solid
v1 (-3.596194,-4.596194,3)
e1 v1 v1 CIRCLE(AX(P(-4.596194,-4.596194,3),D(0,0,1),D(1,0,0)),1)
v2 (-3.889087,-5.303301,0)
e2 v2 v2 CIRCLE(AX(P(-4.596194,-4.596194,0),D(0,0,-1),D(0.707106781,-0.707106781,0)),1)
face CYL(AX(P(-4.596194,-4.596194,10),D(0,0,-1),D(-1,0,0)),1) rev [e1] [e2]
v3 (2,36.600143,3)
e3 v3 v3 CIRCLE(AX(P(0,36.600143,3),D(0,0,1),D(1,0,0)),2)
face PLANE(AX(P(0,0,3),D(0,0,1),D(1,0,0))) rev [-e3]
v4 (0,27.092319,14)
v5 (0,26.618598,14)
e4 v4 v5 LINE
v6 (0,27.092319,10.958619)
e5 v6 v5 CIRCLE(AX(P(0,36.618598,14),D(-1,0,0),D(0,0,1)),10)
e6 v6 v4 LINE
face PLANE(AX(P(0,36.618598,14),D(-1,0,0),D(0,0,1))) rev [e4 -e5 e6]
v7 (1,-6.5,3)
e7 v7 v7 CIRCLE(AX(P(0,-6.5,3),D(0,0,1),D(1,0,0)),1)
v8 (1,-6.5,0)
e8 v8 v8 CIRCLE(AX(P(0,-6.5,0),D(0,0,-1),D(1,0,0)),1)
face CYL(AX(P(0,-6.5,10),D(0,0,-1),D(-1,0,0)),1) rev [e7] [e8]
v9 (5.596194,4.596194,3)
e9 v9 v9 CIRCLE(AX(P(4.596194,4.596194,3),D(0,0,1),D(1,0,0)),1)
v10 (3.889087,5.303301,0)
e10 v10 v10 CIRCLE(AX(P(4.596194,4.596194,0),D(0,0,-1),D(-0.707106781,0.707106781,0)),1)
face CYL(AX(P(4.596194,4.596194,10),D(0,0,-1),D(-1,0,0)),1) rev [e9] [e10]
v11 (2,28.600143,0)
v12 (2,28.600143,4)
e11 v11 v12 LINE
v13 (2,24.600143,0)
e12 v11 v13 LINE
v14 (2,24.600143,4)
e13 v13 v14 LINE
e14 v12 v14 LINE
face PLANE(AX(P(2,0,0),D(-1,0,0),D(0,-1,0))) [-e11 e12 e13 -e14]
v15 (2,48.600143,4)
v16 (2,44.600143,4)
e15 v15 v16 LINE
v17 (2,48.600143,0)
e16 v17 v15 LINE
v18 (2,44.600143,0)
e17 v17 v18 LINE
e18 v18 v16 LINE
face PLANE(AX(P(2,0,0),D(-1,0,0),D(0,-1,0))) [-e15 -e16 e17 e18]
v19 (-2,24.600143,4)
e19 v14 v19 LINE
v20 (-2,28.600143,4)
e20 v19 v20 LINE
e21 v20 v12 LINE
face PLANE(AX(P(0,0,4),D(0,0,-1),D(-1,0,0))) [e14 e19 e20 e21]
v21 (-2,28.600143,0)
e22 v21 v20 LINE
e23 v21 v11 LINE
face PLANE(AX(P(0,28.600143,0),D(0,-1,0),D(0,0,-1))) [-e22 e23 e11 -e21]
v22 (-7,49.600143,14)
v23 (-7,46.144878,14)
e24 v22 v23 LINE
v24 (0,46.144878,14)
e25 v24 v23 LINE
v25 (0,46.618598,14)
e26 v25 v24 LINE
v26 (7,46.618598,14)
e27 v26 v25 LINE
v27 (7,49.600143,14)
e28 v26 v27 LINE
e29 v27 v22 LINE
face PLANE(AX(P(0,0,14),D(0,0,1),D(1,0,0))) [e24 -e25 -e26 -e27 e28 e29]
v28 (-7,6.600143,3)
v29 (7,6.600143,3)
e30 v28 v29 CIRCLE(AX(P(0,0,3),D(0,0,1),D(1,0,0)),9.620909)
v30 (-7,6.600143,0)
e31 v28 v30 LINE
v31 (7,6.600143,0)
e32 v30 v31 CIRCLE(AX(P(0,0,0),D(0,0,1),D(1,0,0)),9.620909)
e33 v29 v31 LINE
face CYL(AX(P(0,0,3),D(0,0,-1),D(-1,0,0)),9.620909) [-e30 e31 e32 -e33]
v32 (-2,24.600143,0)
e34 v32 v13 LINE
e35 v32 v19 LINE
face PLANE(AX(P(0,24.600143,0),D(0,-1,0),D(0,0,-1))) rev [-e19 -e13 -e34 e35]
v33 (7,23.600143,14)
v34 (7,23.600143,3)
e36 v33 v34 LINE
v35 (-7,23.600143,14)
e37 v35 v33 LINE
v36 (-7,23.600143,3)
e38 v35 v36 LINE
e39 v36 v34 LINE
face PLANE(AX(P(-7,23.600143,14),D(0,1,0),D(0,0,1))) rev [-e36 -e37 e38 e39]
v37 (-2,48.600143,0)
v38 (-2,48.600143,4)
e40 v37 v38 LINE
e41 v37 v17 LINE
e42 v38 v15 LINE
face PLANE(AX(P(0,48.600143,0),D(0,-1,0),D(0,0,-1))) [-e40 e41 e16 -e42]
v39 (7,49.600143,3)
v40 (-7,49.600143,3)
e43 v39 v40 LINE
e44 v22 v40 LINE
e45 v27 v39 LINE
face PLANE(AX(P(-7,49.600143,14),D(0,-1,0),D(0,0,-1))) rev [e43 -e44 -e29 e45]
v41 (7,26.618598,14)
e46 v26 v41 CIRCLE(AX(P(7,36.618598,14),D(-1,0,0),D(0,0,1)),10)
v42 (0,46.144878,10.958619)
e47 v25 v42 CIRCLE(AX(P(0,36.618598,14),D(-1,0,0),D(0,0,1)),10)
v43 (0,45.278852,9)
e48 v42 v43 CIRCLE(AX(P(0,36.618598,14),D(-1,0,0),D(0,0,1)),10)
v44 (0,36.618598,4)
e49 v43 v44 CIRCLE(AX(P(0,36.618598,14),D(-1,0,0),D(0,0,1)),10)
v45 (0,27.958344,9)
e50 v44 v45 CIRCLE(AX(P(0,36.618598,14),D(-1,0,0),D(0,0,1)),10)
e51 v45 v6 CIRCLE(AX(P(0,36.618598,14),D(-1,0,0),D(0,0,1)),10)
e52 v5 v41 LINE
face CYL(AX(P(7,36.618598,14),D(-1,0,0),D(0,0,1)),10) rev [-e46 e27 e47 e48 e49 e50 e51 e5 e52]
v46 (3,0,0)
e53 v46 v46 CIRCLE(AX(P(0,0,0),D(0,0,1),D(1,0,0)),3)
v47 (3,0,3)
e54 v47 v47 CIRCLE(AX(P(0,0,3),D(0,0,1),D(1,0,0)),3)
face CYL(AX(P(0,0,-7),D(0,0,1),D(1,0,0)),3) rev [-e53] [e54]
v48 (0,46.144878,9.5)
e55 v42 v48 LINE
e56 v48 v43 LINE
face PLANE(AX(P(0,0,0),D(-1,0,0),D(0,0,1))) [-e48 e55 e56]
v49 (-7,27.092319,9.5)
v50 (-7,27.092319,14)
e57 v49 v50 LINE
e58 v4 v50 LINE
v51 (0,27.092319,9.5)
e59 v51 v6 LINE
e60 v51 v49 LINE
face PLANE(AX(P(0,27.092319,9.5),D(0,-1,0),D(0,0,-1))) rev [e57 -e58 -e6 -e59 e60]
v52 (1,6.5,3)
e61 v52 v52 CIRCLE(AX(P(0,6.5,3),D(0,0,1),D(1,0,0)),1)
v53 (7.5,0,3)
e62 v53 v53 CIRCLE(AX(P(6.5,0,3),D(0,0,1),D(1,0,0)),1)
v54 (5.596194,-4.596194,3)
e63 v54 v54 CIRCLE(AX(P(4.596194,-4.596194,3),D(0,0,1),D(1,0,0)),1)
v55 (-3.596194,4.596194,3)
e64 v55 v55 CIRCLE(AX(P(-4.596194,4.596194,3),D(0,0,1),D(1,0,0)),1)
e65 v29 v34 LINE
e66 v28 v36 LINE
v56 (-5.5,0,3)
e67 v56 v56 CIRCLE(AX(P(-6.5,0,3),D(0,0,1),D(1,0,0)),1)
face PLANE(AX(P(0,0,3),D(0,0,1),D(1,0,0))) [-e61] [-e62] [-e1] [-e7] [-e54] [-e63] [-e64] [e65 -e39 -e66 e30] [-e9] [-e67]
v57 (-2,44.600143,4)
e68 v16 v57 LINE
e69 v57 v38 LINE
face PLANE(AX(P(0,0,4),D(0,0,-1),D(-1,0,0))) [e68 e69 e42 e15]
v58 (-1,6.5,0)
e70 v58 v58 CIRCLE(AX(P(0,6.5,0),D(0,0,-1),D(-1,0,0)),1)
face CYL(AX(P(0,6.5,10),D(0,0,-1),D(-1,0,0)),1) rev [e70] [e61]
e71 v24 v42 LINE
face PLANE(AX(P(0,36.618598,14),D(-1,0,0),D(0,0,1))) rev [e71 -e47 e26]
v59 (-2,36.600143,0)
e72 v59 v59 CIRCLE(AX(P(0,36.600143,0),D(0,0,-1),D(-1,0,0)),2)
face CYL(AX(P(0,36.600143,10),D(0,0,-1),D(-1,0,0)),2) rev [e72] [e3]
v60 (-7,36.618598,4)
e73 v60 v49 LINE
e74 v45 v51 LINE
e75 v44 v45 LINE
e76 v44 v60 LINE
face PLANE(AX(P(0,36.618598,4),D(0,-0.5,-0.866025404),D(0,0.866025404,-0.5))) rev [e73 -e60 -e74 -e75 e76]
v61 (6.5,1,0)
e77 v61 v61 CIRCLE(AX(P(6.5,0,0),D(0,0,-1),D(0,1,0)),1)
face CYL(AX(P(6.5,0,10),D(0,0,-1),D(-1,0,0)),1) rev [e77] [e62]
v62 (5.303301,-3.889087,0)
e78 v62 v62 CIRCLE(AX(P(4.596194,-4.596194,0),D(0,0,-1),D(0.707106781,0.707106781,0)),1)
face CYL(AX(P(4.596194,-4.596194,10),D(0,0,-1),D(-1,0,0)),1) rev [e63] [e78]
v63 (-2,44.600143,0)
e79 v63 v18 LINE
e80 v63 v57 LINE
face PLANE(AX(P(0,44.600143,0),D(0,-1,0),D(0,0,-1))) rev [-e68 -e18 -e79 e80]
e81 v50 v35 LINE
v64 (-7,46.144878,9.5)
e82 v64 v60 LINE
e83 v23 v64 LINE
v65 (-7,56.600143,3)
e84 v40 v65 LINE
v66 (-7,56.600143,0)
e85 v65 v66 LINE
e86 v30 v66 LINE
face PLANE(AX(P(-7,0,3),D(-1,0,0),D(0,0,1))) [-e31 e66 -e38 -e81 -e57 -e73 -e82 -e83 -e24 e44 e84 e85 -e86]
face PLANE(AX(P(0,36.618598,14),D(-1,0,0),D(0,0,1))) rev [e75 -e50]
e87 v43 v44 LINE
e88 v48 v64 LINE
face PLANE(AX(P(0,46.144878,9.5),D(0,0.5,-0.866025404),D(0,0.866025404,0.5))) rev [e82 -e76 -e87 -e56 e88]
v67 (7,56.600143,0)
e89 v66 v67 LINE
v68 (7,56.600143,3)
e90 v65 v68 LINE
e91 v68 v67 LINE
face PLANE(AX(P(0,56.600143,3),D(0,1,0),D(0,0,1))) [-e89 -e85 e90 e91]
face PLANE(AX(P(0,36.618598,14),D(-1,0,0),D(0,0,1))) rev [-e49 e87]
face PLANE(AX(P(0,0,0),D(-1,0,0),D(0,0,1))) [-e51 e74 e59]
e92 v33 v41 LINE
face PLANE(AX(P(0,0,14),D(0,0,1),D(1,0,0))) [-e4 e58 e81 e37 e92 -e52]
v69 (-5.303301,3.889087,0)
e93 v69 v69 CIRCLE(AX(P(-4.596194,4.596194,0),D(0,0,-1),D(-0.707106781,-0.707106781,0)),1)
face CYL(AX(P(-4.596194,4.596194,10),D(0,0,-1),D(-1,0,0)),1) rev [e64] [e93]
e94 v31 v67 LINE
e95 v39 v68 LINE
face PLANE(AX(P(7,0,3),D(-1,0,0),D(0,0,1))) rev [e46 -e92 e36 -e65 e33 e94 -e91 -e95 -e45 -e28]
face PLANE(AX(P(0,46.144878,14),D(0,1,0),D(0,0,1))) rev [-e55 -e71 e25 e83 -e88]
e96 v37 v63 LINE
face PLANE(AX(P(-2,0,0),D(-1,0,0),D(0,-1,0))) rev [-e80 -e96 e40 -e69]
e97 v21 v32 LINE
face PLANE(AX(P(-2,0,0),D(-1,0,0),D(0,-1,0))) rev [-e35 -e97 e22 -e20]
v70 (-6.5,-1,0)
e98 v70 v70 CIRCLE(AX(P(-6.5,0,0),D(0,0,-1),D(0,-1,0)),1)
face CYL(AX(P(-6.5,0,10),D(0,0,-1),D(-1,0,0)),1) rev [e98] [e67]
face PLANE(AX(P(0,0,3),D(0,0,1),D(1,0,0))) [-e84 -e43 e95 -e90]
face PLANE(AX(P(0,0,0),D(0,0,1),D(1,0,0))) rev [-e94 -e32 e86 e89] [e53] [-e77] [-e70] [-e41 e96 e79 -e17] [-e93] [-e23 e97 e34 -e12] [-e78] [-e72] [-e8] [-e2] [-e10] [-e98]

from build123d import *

# Parameters (mm, degrees)
SKETCH_1_W               = 14
SKETCH_1_H               = 13.200286042
EXTRUDE_1_DEPTH          = 3
SKETCH_3_OUTSIDE_W       = 35.048
SKETCH_3_OUTSIDE_H       = 82.027
CUT_EXTRUDE_2_DEPTH      = 3
SKETCH_4_R               = 3
CUT_EXTRUDE_3_DEPTH      = 10
SKETCH_5_R               = 1
CUT_EXTRUDE_4_DEPTH      = 10
SKETCH_6_W               = 4
SKETCH_6_H               = 4
EXTRUDE_3_DEPTH          = 3
CUT_EXTRUDE_5_DEPTH      = 10
PATTERN_CIRCULAR_1_COUNT = 8
SKETCH_9_W               = 14
SKETCH_9_H               = 26
EXTRUDE_4_DEPTH          = 11
CUT_EXTRUDE_8_DEPTH      = 7
SKETCH_11_R              = 10
CUT_EXTRUDE_9_DEPTH      = 7
SKETCH_12_W              = 4
SKETCH_12_H              = 4
CUT_EXTRUDE_10_DEPTH     = 1


with BuildPart() as part:
    # 草图1 → 凸台-拉伸1 (new body)
    with BuildSketch(Plane.XY):
        Rectangle(SKETCH_1_W, SKETCH_1_H)
        with BuildLine():
            ThreePointArc((-7, 6.600143021), (-9.620908892, 0), (-7, -6.600143021))
            Line((-7, -6.600143021), (-7, 6.600143021))
        make_face()
        with BuildLine():
            Line((7, -6.600143021), (-7, -6.600143021))
            ThreePointArc((-7, -6.600143021), (0, -9.620908892), (7, -6.600143021))
        make_face()
        with BuildLine():
            Line((7, 6.600143021), (7, -6.600143021))
            ThreePointArc((7, -6.600143021), (8.941707056, -3.550741166), (9.620908892, 0))
            ThreePointArc((9.620908892, 0), (8.941707056, 3.550741166), (7, 6.600143021))
        make_face()
        with BuildLine():
            ThreePointArc((7, 6.600143021), (0, 9.620908892), (-7, 6.600143021))
            Line((-7, 6.600143021), (7, 6.600143021))
        make_face()
        with BuildLine():
            Line((-7, 56.600143021), (-7, 6.600143021))
            ThreePointArc((-7, 6.600143021), (0, 9.620908892), (7, 6.600143021))
            Line((7, 6.600143021), (7, 56.600143021))
            Line((7, 56.600143021), (-7, 56.600143021))
        make_face()
    extrude(amount=EXTRUDE_1_DEPTH)

    # 草图3 outside → 切除-拉伸2 (cut)
    with BuildSketch(Plane.XY.offset(3)):
        with Locations((0, 23.4895)):
            Rectangle(SKETCH_3_OUTSIDE_W, SKETCH_3_OUTSIDE_H)
        with BuildLine():
            Line((7, 56.600143021), (0, 56.600143021))
            Line((0, 56.600143021), (-7, 56.600143021))
            Line((-7, 56.600143021), (-7, 6.600143021))
            ThreePointArc((-7, 6.600143021), (0, -9.620908892), (7, 6.600143021))
            Line((7, 6.600143021), (7, 56.600143021))
        make_face(mode=Mode.SUBTRACT)
        Polygon((-2, 28.600143021), (0, 28.600143021), (2, 28.600143021), (2, 24.600143021), (-2, 24.600143021), align=None)
        Polygon((-2, 38.600143021), (0, 38.600143021), (2, 38.600143021), (2, 34.600143021), (0, 34.600143021), (-2, 34.600143021), align=None)
        Polygon((-2, 48.600143021), (0, 48.600143021), (2, 48.600143021), (2, 44.600143021), (0, 44.600143021), (-2, 44.600143021), align=None)
    extrude(amount=-CUT_EXTRUDE_2_DEPTH, mode=Mode.SUBTRACT)

    # 草图4 → 切除-拉伸3 (cut)
    with BuildSketch(Plane.XY.offset(3)):
        Circle(SKETCH_4_R)
    extrude(amount=-CUT_EXTRUDE_3_DEPTH, mode=Mode.SUBTRACT)

    # 草图5 → 切除-拉伸4 (cut)
    with BuildSketch(Plane(origin=(0, 0, 0), x_dir=(-1, 0, 0), z_dir=(0, 0, -1))):
        with Locations((0, 6.5)):
            Circle(SKETCH_5_R)
    cut_extrude_4 = extrude(amount=-CUT_EXTRUDE_4_DEPTH, mode=Mode.SUBTRACT)

    # 草图6 → 凸台-拉伸3 (add)
    with BuildSketch(Plane(origin=(0, 0, 0), x_dir=(-1, 0, 0), z_dir=(0, 0, -1))):
        with Locations((0, 36.600143021)):
            Rectangle(SKETCH_6_W, SKETCH_6_H)
    extrude(amount=-EXTRUDE_3_DEPTH)

    # 草图7 → 切除-拉伸5 (cut)
    with BuildSketch(Plane(origin=(0, 0, 0), x_dir=(-1, 0, 0), z_dir=(0, 0, -1))):
        with BuildLine():
            ThreePointArc((0, 38.600143021), (-2, 36.600143021), (0, 34.600143021))
            Line((0, 34.600143021), (0, 38.600143021))
        make_face()
        with BuildLine():
            Line((0, 38.600143021), (0, 34.600143021))
            ThreePointArc((0, 34.600143021), (1.414213562, 35.185929459), (2, 36.600143021))
            ThreePointArc((2, 36.600143021), (1.414213562, 38.014356584), (0, 38.600143021))
        make_face()
    extrude(amount=-CUT_EXTRUDE_5_DEPTH, mode=Mode.SUBTRACT)

    # 阵列(圆周)1: 切除-拉伸4 ×8 about axis
    pattern_circular_1_axis = Axis((0, 0, 0), (0, 0, 1))
    for i in range(1, PATTERN_CIRCULAR_1_COUNT):
        add(cut_extrude_4.rotate(pattern_circular_1_axis, i * 360 / PATTERN_CIRCULAR_1_COUNT), mode=Mode.SUBTRACT)

    # 草图9 → 凸台-拉伸4 (add)
    with BuildSketch(Plane.XY.offset(3)):
        with Locations((0, 36.600143021)):
            Rectangle(SKETCH_9_W, SKETCH_9_H)
    extrude(amount=EXTRUDE_4_DEPTH)

    # 草图10 → 切除-拉伸8 (cut)
    with BuildSketch(Plane.ZY.offset(7)):
        Polygon((4, 36.618598328), (9.5, 27.092318886), (14, 27.092318886), (14, 46.14487777), (9.5, 46.14487777), align=None)
    extrude(amount=-CUT_EXTRUDE_8_DEPTH, mode=Mode.SUBTRACT)

    # 草图11 → 切除-拉伸9 (cut)
    with BuildSketch(Plane.ZY):
        with Locations((14, 36.618598328)):
            Circle(SKETCH_11_R)
    extrude(amount=-CUT_EXTRUDE_9_DEPTH, mode=Mode.SUBTRACT)

    # 草图12 → 切除-拉伸10 (cut)
    with BuildSketch(Plane(origin=(0, 0, 3), x_dir=(-1, 0, 0), z_dir=(0, 0, -1))):
        with Locations((0, 46.600143021)):
            Rectangle(SKETCH_12_W, SKETCH_12_H)
        with Locations((0, 26.600143021)):
            Rectangle(SKETCH_12_W, SKETCH_12_H)
    extrude(amount=-CUT_EXTRUDE_10_DEPTH, mode=Mode.SUBTRACT)


solid = part.part
